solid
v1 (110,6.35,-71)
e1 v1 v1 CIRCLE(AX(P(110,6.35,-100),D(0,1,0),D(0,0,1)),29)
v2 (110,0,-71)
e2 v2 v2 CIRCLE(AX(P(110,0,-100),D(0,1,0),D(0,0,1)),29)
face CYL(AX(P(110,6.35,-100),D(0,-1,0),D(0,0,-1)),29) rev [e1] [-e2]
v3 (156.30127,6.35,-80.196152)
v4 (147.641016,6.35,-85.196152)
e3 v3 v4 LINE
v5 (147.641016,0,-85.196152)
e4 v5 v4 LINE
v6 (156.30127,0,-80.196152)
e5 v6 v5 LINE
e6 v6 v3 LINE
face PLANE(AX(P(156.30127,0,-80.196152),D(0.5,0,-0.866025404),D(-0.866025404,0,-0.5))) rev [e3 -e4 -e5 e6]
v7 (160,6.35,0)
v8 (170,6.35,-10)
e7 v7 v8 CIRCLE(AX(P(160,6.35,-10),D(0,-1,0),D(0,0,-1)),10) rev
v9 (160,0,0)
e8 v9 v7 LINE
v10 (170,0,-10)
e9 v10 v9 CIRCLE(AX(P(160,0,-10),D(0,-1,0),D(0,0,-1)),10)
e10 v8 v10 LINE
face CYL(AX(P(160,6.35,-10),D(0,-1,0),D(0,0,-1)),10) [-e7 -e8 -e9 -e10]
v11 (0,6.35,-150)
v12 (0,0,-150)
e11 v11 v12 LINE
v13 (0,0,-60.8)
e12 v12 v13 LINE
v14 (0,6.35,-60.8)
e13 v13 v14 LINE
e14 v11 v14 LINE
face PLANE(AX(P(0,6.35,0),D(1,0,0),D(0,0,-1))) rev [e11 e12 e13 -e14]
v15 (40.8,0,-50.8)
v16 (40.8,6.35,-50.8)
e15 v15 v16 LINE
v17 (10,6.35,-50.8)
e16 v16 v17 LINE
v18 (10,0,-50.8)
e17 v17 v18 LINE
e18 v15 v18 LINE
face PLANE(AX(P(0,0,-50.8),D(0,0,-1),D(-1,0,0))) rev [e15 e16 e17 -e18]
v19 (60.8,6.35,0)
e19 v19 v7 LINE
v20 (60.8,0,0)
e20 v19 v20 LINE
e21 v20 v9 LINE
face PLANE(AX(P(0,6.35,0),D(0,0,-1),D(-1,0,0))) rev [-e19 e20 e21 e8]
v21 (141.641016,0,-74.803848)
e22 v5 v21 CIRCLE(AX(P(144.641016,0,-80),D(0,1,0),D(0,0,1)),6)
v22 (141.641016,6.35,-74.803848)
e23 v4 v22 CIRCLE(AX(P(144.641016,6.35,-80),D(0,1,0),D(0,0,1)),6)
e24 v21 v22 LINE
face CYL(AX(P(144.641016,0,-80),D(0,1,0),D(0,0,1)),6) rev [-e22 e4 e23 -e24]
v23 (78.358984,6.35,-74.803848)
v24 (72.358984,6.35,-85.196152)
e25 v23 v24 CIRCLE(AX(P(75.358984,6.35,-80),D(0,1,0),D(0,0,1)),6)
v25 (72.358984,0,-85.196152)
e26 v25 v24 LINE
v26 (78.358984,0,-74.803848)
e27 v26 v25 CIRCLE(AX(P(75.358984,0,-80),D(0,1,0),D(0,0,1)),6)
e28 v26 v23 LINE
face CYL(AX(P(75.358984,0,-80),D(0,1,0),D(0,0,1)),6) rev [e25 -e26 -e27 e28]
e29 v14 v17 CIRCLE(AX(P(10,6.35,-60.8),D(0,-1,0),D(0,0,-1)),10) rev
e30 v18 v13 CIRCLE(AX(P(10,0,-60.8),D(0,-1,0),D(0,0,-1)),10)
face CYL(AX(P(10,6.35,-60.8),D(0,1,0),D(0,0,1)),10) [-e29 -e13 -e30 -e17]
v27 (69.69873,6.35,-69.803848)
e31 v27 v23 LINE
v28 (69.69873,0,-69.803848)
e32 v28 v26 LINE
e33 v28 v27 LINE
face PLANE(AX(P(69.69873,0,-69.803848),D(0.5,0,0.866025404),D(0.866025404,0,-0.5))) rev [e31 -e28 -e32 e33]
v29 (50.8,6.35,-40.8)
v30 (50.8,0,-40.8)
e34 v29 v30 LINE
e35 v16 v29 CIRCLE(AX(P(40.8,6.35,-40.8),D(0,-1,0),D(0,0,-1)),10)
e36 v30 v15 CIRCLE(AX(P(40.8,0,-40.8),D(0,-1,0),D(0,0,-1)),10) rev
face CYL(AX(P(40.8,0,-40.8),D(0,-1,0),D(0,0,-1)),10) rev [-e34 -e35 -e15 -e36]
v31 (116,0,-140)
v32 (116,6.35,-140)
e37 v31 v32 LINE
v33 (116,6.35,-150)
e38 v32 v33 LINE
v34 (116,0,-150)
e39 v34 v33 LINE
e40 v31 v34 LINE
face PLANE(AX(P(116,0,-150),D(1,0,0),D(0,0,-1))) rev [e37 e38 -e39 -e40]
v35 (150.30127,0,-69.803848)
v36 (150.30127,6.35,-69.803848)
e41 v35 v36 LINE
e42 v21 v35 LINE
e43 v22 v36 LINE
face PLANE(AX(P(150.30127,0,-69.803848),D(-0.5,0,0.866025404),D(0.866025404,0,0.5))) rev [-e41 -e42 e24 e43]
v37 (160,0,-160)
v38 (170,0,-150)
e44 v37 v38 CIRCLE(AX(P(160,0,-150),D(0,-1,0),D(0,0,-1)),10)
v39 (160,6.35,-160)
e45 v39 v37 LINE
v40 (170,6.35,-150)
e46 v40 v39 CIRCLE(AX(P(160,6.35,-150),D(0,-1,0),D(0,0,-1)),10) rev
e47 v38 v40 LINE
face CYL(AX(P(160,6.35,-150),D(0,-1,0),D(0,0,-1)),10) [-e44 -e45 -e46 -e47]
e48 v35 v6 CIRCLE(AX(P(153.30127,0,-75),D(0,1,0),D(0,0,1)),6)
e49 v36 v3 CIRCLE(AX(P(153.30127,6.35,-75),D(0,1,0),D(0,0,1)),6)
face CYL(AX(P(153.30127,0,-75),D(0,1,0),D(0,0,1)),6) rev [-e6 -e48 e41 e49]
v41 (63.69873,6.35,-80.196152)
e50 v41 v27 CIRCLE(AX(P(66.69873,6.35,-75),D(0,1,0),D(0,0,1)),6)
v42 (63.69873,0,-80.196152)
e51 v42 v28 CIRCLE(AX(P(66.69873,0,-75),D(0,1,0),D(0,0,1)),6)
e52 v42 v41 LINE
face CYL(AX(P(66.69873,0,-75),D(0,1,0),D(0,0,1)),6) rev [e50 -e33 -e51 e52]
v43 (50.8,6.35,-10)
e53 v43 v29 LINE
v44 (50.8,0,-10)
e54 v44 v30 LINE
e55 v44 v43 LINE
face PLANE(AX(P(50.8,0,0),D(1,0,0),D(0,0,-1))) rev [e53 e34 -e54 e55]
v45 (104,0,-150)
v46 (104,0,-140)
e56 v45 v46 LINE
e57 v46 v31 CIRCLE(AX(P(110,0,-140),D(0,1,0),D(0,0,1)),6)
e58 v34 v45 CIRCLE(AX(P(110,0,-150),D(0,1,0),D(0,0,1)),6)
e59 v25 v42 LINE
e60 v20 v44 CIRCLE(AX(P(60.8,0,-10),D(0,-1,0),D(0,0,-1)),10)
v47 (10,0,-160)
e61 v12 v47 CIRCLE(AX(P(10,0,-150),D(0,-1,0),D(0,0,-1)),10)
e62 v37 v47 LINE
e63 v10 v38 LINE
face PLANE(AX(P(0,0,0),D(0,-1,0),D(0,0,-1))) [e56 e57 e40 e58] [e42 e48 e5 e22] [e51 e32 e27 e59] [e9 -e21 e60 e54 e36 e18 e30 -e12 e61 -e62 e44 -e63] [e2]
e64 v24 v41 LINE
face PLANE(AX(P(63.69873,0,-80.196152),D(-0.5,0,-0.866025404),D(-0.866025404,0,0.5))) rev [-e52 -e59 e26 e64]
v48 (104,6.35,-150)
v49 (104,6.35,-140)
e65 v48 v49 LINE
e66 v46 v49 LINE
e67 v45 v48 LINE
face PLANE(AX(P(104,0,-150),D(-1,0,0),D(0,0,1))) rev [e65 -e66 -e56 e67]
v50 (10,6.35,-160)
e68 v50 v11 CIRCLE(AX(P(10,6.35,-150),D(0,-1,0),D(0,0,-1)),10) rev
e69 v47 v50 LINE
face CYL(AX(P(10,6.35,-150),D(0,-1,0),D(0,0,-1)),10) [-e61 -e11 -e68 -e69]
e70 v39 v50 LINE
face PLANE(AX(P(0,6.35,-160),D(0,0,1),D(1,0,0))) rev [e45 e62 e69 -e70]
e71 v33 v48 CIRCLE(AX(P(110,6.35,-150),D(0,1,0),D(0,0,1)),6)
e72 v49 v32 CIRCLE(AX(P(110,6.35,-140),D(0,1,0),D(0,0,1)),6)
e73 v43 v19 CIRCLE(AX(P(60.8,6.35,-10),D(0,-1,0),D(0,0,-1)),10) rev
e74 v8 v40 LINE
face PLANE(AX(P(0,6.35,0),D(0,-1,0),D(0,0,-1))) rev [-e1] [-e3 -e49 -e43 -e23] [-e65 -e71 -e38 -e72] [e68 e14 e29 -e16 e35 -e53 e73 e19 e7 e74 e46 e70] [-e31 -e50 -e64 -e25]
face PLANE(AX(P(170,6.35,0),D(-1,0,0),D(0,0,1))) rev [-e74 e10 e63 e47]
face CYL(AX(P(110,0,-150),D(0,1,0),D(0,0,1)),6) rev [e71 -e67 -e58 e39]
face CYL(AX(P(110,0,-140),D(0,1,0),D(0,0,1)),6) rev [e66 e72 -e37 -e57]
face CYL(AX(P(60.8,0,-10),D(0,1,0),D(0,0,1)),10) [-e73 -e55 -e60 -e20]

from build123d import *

# Parameters (mm, degrees)
SKETCH1_W           = 170
SKETCH1_H           = 160
SKETCH1_R           = 29
BOSS_EXTRUDE1_DEPTH = 6.35
SKETCH2_W           = 50.8
SKETCH2_H           = 50.8
CUT_EXTRUDE1_DEPTH  = 234.538695937
FILLET1_R           = 10
CUT_EXTRUDE2_DEPTH  = 234.538695937


with BuildPart() as part:
    # Sketch1 → Boss-Extrude1 (new body)
    with BuildSketch(Plane(origin=(0, 0, 0), x_dir=(1, 0, 0), z_dir=(0, 1, 0))):
        with Locations((85, 80)):
            Rectangle(SKETCH1_W, SKETCH1_H)
        with Locations(Location((110, 100, 0), (0, 0, 270))):
            Circle(SKETCH1_R, mode=Mode.SUBTRACT)
    extrude(amount=BOSS_EXTRUDE1_DEPTH)

    # Sketch2 → Cut-Extrude1 (cut, through all)
    with BuildSketch(Plane(origin=(0, 6.35, 0), x_dir=(1, 0, 0), z_dir=(0, 1, 0))):
        with Locations((25.4, 25.4)):
            Rectangle(SKETCH2_W, SKETCH2_H)
    extrude(amount=-CUT_EXTRUDE1_DEPTH, mode=Mode.SUBTRACT)

    # Fillet1
    fillet1_edges = [part.edges().sort_by_distance(p)[0] for p in [
        (0, 3.175, -50.8),
        (50.8, 3.175, -50.8),
        (50.8, 3.175, 0),
        (0, 3.175, -160),
        (170, 3.175, -160),
        (170, 3.175, 0),
    ]]
    fillet(fillet1_edges, radius=FILLET1_R)

    # Sketch3 → Cut-Extrude2 (cut, through all)
    with BuildSketch(Plane(origin=(0, 6.35, 0), x_dir=(1, 0, 0), z_dir=(0, 1, 0))):
        with BuildLine():
            Line((63.698729811, 80.196152423), (72.358983849, 85.196152423))
            ThreePointArc((72.358983849, 85.196152423), (80.555136271, 83), (78.358983849, 74.803847577))
            Line((78.358983849, 74.803847577), (69.698729811, 69.803847577))
            ThreePointArc((69.698729811, 69.803847577), (61.502577388, 72), (63.698729811, 80.196152423))
        make_face()
        with BuildLine():
            Line((150.301270189, 69.803847577), (141.641016151, 74.803847577))
            ThreePointArc((141.641016151, 74.803847577), (139.444863729, 83), (147.641016151, 85.196152423))
            Line((147.641016151, 85.196152423), (156.301270189, 80.196152423))
            ThreePointArc((156.301270189, 80.196152423), (158.497422612, 72), (150.301270189, 69.803847577))
        make_face()
        with BuildLine():
            Line((116, 150), (116, 140))
            ThreePointArc((116, 140), (110, 134), (104, 140))
            Line((104, 140), (104, 150))
            ThreePointArc((104, 150), (110, 156), (116, 150))
        make_face()
    extrude(amount=-CUT_EXTRUDE2_DEPTH, mode=Mode.SUBTRACT)


solid = part.part
